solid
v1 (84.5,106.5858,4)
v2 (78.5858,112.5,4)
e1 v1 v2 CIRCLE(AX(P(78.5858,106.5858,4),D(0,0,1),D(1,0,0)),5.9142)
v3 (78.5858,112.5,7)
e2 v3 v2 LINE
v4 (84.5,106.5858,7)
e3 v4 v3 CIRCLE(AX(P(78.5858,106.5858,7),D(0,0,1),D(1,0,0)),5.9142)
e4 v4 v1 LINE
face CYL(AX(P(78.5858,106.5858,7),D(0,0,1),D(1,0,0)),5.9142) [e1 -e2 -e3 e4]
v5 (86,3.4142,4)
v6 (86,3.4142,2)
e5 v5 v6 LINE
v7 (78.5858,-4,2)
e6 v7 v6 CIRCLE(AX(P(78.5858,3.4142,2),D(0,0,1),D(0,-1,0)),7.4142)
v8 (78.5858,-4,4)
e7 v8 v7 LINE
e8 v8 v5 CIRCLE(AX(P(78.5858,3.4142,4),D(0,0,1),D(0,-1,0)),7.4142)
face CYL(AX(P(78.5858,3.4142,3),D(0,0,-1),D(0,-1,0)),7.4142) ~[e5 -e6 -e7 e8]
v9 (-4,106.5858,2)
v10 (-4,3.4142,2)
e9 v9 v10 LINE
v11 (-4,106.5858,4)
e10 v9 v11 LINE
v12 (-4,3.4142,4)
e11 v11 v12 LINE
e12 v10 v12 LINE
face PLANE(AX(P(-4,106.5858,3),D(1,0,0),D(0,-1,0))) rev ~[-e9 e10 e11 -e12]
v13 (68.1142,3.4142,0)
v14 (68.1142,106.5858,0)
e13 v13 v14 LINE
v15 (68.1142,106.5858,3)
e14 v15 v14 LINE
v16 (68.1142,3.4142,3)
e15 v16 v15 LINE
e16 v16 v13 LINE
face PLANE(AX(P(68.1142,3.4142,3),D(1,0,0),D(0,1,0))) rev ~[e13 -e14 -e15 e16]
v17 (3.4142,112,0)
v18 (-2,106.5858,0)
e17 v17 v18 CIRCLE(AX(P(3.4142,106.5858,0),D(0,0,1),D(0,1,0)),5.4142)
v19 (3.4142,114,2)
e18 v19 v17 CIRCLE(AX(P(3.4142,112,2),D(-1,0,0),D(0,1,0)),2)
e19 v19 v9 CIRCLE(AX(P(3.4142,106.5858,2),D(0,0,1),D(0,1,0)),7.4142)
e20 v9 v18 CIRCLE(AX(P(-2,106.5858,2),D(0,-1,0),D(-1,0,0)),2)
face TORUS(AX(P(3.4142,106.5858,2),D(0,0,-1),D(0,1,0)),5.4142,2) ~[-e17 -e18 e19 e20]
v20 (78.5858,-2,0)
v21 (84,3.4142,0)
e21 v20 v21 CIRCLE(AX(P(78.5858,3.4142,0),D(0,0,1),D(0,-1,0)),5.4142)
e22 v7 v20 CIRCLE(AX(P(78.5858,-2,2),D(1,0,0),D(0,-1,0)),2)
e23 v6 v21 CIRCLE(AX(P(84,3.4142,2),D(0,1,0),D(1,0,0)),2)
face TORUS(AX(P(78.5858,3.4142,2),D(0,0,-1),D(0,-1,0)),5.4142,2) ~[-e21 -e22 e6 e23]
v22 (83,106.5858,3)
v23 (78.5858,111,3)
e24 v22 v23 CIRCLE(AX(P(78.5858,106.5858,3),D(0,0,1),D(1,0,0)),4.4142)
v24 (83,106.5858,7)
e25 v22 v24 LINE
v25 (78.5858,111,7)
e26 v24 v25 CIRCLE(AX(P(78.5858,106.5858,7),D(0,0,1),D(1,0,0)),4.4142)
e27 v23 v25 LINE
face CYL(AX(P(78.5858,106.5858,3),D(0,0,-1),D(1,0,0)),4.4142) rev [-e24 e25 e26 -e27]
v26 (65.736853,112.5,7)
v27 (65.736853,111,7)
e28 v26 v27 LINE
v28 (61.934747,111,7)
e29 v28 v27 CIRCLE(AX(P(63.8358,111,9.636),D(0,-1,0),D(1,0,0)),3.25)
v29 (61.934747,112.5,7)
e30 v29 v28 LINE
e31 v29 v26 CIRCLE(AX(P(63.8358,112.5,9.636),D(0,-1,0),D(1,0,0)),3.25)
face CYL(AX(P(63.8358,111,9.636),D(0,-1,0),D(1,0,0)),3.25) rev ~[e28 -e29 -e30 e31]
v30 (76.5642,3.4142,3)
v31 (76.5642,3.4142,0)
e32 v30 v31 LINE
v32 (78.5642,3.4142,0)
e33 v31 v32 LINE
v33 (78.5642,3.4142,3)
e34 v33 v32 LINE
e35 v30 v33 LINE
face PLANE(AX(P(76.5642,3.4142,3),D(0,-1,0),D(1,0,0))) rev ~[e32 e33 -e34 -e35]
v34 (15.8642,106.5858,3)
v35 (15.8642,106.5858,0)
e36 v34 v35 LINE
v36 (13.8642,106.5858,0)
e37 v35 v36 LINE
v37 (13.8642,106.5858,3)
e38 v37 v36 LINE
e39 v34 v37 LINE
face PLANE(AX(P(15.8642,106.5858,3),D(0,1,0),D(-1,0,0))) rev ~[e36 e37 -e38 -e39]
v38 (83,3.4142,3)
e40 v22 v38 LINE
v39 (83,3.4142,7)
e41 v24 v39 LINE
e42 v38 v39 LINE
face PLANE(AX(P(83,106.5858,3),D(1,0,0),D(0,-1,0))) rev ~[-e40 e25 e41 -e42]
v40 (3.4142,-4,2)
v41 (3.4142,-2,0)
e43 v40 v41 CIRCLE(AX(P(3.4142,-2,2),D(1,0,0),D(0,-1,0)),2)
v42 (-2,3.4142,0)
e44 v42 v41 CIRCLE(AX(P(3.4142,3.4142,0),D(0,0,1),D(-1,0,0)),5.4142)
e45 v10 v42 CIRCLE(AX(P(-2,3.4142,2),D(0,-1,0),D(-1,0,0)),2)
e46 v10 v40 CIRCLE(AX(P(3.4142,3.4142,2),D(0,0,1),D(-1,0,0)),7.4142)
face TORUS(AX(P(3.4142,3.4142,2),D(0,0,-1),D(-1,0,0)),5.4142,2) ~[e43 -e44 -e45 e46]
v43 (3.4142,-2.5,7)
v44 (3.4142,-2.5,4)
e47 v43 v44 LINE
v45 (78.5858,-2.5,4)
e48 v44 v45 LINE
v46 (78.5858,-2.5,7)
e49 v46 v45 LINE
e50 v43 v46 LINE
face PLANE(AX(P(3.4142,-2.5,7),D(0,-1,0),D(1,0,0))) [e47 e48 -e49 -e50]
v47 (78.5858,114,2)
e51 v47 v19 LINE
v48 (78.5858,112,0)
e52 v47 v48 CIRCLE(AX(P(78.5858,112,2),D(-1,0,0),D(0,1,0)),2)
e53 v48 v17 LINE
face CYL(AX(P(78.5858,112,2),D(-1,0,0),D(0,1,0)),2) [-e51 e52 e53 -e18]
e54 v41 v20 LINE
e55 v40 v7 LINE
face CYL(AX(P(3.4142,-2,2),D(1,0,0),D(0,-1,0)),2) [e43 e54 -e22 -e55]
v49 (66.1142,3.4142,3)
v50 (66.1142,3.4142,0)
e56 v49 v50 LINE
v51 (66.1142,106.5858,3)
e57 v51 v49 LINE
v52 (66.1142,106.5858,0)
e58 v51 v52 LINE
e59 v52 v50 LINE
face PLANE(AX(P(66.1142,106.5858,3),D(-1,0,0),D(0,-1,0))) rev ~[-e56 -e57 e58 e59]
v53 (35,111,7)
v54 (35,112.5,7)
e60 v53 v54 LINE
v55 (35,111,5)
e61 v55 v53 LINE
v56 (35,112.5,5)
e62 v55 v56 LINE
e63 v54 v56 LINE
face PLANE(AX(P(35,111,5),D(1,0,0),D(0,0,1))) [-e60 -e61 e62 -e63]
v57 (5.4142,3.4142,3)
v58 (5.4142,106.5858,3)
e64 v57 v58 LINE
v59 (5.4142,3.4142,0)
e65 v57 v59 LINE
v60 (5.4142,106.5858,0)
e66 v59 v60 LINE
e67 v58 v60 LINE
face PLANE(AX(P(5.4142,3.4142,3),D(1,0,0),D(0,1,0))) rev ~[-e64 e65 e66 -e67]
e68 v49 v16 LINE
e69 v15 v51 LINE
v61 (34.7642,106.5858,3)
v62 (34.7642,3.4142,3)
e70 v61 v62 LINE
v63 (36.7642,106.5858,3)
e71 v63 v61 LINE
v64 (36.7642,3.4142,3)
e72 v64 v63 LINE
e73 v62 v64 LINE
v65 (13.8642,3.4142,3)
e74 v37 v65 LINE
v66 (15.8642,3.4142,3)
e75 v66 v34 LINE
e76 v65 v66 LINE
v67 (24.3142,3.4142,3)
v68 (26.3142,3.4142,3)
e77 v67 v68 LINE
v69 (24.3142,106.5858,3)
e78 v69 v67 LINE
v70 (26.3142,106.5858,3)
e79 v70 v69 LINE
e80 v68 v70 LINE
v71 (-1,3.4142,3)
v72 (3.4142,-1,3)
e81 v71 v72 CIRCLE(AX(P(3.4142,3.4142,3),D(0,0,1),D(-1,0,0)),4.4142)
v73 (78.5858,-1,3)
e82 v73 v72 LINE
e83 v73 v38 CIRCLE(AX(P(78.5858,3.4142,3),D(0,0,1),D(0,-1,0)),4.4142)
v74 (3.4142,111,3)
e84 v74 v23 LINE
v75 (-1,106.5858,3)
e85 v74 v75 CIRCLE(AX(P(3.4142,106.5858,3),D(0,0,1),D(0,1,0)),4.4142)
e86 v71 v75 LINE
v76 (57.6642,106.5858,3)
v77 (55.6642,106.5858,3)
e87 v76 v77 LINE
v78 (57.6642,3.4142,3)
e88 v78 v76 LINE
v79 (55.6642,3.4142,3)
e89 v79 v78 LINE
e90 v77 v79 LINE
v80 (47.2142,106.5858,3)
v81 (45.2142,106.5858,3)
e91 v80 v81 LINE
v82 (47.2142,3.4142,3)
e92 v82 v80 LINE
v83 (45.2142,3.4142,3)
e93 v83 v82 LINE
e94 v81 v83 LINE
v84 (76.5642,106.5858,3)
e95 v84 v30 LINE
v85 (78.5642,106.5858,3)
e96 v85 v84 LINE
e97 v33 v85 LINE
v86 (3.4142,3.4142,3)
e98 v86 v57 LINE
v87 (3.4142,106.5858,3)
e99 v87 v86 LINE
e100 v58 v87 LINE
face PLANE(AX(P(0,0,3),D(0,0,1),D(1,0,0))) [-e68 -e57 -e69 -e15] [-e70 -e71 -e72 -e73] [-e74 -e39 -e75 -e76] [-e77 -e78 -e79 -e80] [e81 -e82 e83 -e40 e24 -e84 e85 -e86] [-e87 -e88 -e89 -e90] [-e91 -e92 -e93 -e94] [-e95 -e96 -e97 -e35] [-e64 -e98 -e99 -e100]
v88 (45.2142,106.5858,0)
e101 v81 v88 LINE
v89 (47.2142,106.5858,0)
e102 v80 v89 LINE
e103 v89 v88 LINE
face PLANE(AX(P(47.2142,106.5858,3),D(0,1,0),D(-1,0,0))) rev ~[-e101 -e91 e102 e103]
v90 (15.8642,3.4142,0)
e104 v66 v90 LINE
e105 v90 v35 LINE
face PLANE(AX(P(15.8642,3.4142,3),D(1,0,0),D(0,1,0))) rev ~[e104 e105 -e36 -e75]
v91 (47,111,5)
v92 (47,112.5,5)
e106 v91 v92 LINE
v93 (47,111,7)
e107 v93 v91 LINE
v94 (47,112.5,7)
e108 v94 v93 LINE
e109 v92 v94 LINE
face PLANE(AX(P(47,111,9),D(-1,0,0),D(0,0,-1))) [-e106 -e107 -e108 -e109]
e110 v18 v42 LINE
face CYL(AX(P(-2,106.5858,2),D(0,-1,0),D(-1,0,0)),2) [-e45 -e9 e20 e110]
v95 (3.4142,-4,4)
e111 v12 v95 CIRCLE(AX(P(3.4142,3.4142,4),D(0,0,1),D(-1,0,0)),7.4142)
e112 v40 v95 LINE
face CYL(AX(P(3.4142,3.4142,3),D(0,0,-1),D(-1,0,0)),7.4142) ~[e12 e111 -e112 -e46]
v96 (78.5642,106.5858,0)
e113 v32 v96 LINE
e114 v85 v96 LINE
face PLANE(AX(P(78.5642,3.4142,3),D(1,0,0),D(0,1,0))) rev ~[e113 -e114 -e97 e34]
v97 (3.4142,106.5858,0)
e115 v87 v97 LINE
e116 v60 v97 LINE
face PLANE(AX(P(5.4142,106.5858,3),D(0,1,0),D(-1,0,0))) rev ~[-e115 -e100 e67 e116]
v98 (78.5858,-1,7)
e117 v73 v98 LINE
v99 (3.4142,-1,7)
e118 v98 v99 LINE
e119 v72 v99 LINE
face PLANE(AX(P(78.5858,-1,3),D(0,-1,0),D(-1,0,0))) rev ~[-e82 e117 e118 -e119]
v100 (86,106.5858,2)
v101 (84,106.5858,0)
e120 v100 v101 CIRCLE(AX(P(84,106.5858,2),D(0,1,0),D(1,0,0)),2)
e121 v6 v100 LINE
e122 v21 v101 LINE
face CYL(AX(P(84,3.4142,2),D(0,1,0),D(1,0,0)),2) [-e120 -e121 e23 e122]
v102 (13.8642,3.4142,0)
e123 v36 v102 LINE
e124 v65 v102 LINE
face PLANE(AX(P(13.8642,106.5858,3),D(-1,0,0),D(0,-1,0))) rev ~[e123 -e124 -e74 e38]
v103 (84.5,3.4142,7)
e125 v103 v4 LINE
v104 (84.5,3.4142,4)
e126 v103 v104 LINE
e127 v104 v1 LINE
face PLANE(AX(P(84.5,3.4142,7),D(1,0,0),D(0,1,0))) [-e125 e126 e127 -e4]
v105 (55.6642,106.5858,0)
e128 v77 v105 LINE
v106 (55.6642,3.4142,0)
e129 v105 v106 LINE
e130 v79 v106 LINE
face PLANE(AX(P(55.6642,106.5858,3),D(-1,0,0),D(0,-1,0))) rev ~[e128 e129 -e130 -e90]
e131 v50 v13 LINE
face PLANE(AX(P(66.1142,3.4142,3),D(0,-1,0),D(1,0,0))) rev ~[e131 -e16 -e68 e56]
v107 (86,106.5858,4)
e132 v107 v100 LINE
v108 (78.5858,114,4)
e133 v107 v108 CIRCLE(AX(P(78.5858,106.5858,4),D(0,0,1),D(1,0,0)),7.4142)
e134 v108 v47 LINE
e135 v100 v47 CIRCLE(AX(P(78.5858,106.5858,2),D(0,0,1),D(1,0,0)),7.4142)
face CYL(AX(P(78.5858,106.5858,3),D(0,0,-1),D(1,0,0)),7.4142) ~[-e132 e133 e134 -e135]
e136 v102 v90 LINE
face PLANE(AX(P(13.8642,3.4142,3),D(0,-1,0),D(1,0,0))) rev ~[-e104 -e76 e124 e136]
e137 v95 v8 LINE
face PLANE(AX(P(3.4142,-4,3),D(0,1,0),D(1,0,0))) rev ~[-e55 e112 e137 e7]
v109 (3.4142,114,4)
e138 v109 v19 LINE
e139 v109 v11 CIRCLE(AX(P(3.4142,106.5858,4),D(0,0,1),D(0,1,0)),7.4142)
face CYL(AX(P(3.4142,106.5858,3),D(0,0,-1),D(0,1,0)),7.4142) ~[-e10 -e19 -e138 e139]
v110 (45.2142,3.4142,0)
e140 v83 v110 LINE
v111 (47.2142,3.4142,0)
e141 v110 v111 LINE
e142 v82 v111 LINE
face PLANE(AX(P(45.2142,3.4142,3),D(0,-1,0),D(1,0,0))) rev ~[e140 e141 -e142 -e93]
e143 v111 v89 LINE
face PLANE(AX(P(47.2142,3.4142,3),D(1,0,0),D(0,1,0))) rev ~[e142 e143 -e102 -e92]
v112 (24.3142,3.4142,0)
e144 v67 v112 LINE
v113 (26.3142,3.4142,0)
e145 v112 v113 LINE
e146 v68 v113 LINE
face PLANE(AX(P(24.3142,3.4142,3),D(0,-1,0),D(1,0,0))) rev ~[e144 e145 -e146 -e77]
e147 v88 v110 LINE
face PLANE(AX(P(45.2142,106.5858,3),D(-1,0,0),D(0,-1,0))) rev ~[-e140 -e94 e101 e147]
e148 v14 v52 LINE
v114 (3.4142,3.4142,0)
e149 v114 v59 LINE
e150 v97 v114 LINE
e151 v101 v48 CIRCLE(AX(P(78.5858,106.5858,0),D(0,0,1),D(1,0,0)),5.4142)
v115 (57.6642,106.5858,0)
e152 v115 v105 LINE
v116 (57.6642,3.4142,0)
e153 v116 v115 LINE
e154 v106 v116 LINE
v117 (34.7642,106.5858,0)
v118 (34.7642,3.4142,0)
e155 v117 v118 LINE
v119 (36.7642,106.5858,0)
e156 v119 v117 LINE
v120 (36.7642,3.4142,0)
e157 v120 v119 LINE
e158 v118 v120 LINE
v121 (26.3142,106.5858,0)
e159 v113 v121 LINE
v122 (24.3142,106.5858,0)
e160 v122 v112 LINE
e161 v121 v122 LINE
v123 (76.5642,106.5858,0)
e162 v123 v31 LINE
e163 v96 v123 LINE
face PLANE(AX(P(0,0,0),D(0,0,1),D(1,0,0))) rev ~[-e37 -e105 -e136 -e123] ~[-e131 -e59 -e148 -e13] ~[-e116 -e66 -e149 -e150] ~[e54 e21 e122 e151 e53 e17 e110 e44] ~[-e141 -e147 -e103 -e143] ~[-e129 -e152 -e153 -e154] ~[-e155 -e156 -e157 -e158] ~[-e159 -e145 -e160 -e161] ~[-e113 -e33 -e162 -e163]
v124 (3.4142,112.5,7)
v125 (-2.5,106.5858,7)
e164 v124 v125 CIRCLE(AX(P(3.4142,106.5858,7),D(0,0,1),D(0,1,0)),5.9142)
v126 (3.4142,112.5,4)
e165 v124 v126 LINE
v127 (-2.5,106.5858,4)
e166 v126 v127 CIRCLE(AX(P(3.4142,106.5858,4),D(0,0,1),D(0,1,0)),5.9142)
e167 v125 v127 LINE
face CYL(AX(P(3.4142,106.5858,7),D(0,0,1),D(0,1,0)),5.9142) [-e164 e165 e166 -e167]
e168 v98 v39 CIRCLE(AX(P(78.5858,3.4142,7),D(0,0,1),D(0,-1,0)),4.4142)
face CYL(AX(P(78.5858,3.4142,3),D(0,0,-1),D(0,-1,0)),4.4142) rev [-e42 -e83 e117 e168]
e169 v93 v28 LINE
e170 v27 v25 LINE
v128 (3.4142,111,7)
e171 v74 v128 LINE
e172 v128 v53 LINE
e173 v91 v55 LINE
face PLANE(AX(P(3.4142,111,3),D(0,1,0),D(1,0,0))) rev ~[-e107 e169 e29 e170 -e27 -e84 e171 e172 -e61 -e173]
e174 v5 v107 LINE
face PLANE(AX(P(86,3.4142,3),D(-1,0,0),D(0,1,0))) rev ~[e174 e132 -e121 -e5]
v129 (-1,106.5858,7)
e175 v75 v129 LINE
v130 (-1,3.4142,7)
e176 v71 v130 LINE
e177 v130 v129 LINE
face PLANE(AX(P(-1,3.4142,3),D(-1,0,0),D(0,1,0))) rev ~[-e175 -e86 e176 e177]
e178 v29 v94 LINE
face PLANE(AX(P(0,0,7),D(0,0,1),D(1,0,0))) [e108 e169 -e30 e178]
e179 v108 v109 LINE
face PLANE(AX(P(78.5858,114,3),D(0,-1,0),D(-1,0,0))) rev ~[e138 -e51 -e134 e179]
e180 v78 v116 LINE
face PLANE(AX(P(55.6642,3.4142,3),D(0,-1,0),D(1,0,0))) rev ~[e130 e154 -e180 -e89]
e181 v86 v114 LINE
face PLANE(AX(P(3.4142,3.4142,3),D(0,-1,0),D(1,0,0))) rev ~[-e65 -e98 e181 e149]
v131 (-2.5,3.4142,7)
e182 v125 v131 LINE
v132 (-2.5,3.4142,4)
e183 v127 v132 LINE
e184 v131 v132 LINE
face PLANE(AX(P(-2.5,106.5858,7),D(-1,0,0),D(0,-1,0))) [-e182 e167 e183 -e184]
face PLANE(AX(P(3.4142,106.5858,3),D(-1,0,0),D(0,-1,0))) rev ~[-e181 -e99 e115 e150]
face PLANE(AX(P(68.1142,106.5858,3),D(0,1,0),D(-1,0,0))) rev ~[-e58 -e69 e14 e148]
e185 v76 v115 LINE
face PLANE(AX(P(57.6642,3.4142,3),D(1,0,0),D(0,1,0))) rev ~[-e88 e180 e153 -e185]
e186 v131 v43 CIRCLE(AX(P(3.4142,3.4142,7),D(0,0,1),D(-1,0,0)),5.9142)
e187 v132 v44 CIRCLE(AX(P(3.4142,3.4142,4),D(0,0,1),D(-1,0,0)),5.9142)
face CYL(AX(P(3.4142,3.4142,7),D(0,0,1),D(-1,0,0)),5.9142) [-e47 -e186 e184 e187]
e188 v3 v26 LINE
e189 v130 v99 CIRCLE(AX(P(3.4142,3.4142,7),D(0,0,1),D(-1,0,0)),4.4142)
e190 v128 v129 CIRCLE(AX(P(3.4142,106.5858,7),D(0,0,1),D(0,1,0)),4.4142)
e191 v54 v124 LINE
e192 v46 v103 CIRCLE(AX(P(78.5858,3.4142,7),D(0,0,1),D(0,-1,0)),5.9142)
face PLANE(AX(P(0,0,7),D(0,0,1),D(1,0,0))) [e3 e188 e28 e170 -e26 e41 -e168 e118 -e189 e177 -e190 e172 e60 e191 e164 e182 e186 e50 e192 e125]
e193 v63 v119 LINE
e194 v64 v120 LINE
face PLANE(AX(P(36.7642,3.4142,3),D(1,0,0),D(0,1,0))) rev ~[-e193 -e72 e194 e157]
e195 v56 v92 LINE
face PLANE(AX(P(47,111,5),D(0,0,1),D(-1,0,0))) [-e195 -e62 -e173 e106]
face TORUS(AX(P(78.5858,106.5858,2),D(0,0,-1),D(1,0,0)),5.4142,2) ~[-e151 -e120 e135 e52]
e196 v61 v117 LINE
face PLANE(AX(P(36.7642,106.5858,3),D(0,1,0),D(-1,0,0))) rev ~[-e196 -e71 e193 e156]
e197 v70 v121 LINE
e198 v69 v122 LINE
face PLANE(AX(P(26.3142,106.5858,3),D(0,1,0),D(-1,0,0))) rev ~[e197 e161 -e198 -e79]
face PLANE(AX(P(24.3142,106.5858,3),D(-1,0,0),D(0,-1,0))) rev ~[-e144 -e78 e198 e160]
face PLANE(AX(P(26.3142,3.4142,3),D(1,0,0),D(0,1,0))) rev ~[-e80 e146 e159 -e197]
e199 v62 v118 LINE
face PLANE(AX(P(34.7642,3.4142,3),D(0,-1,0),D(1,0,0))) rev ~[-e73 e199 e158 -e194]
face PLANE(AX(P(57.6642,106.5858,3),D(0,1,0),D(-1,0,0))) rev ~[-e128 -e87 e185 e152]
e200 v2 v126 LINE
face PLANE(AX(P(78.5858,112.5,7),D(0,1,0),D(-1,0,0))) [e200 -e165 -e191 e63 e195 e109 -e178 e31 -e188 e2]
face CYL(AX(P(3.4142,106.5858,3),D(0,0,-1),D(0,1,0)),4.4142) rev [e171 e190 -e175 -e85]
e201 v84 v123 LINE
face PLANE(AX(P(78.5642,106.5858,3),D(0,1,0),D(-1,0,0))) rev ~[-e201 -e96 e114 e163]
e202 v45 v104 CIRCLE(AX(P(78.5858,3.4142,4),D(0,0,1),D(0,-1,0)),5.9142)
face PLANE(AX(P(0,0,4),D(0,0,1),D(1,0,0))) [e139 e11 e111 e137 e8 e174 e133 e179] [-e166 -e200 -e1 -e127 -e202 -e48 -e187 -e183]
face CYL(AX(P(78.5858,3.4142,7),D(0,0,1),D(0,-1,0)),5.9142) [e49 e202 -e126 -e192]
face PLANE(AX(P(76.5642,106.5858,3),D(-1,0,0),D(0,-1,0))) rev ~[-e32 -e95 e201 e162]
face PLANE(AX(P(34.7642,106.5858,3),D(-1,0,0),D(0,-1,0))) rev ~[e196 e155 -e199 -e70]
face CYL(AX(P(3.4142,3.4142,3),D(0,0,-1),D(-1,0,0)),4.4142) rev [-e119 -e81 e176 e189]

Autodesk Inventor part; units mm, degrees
ref_plane "YZ Plane" through (0, 0, 0) normal (1, 0, 0) x (0, 1, 0)
ref_plane "XZ Plane" through (0, 0, 0) normal (0, 1, 0) x (-1, 0, 0)
ref_plane "XY Plane" through (0, 0, 0) normal (0, 0, 1) x (1, 0, 0)
sketch "Sketch6" plane through (0, 0, 0) normal (0, 0, 1) x (1, 0, 0)
  arc A0 (83, 106.5858) -> (78.5858, 111) centre (78.5858, 106.5858) ccw
  line L0 (83, 106.5858) -> (83, 3.4142)
  arc A1 (78.5858, -1) -> (83, 3.4142) centre (78.5858, 3.4142) ccw
  line L1 (78.5858, -1) -> (3.4142, -1)
  arc A2 (-1, 3.4142) -> (3.4142, -1) centre (3.4142, 3.4142) ccw
  line L2 (-1, 3.4142) -> (-1, 106.5858)
  arc A3 (3.4142, 111) -> (-1, 106.5858) centre (3.4142, 106.5858) ccw
  line L3 (3.4142, 111) -> (78.5858, 111)
  arc A4 (86, 106.5858) -> (78.5858, 114) centre (78.5858, 106.5858) ccw
  line L4 (86, 106.5858) -> (86, 3.4142)
  arc A5 (78.5858, -4) -> (86, 3.4142) centre (78.5858, 3.4142) ccw
  line L5 (78.5858, -4) -> (3.4142, -4)
  arc A6 (-4, 3.4142) -> (3.4142, -4) centre (3.4142, 3.4142) ccw
  line L6 (-4, 3.4142) -> (-4, 106.5858)
  arc A7 (3.4142, 114) -> (-4, 106.5858) centre (3.4142, 106.5858) ccw
  line L7 (3.4142, 114) -> (78.5858, 114)
extrude "Extrusion4" add sketch "Sketch6" along normal blind 3 contours L0 A1 L1 A2 L2 A3 L3 A0 | L4 A5 L5 A6 L6 A7 L7 A4
sketch "Sketch7" plane through (0, 0, 3) normal (0, 0, 1) x (1, 0, 0)
  line L0 (83, 106.5858) -> (83, 3.4142)
  line L1 (-1, 3.4142) -> (-1, 106.5858)
  arc A0 (78.5858, -1) -> (83, 3.4142) centre (78.5858, 3.4142) ccw
  arc A1 (-1, 3.4142) -> (3.4142, -1) centre (3.4142, 3.4142) ccw
  line L2 (78.5858, -1) -> (3.4142, -1)
  line L3 (3.4142, 111) -> (78.5858, 111)
  arc A2 (3.4142, 111) -> (-1, 106.5858) centre (3.4142, 106.5858) ccw
  arc A3 (83, 106.5858) -> (78.5858, 111) centre (78.5858, 106.5858) ccw
  line L4 (-4, 106.5858) -> (-4, 3.4142)
  arc A4 (-4, 3.4142) -> (3.4142, -4) centre (3.4142, 3.4142) ccw
  line L5 (3.4142, -4) -> (78.5858, -4)
  arc A5 (78.5858, -4) -> (86, 3.4142) centre (78.5858, 3.4142) ccw
  line L6 (86, 3.4142) -> (86, 106.5858)
  arc A6 (86, 106.5858) -> (78.5858, 114) centre (78.5858, 106.5858) ccw
  line L7 (78.5858, 114) -> (3.4142, 114)
  arc A7 (3.4142, 114) -> (-4, 106.5858) centre (3.4142, 106.5858) ccw
  point P0 (0, 0)
  dimension "d17" = 3
extrude "Extrusion5" add sketch "Sketch7" along normal blind 4
sketch "Sketch8" plane through (0, 0, 7) normal (0, 0, 1) x (1, 0, 0)
  arc A0 (3.4142, 111) -> (-1, 106.5858) centre (3.4142, 106.5858) ccw
  line L0 (3.4142, 111) -> (78.5858, 111)
  arc A1 (83, 106.5858) -> (78.5858, 111) centre (78.5858, 106.5858) ccw
  line L1 (-1, 3.4142) -> (-1, 106.5858)
  line L2 (83, 106.5858) -> (83, 3.4142)
  arc A2 (-1, 3.4142) -> (3.4142, -1) centre (3.4142, 3.4142) ccw
  line L3 (78.5858, -1) -> (3.4142, -1)
  arc A3 (78.5858, -1) -> (83, 3.4142) centre (78.5858, 3.4142) ccw
  line L4 (-4, 106.5858) -> (-4, 3.4142)
  arc A4 (-4, 3.4142) -> (3.4142, -4) centre (3.4142, 3.4142) ccw
  line L5 (3.4142, -4) -> (78.5858, -4)
  arc A5 (78.5858, -4) -> (86, 3.4142) centre (78.5858, 3.4142) ccw
  line L6 (86, 3.4142) -> (86, 106.5858)
  arc A6 (86, 106.5858) -> (78.5858, 114) centre (78.5858, 106.5858) ccw
  line L7 (78.5858, 114) -> (3.4142, 114)
  arc A7 (3.4142, 114) -> (-4, 106.5858) centre (3.4142, 106.5858) ccw
  line L8 (-2.5, 106.5858) -> (-2.5, 3.4142)
  arc A8 (-2.5, 3.4142) -> (3.4142, -2.5) centre (3.4142, 3.4142) ccw
  line L9 (3.4142, -2.5) -> (78.5858, -2.5)
  arc A9 (78.5858, -2.5) -> (84.5, 3.4142) centre (78.5858, 3.4142) ccw
  line L10 (84.5, 3.4142) -> (84.5, 106.5858)
  arc A10 (84.5, 106.5858) -> (78.5858, 112.5) centre (78.5858, 106.5858) ccw
  line L11 (78.5858, 112.5) -> (3.4142, 112.5)
  arc A11 (3.4142, 112.5) -> (-2.5, 106.5858) centre (3.4142, 106.5858) ccw
  point P0 (0, 0)
  point P1 (0, 0)
  dimension "d20" = 3
  dimension "d21" = 1.5
extrude "Extrusion6" cut sketch "Sketch8" against normal blind 3 contours A7 L7 A6 L6 A5 L5 A4 L4
fillet "Fillet2" radius 2 8 edges at (-1.8284, 111.8284, 0) (-4, 55, 0) (-1.8284, -1.8284, 0) (41, -4, 0) (83.8284, -1.8284, 0) (86, 55, 0) (83.8284, 111.8284, 0) (41, 114, 0)
sketch "Sketch9" plane through (3.4142, 111, 3) normal (0, -1, 0) x (1, 0, 0)
  circle A0 centre (60.4216, 6.636) radius 3.25
  line L0 (31.5858, 6) -> (43.5858, 6)
  line L1 (43.5858, 6) -> (43.5858, 2)
  line L2 (43.5858, 2) -> (31.5858, 2)
  line L3 (31.5858, 2) -> (31.5858, 6)
  line L4 (31.5858, 6) -> (43.5858, 2) construction
  line L5 (43.5858, 6) -> (31.5858, 2) construction
  point P0 (37.5858, 4)
  dimension "d55" = 12
  dimension "d56" = 4
extrude "Extrusion7" cut sketch "Sketch9" against normal blind 3
sketch "Sketch11" plane through (0, 0, 3) normal (0, 0, 1) x (1, 0, 0)
  line L0 (3.4142, 3.4142) -> (5.4142, 3.4142)
  line L1 (5.4142, 3.4142) -> (5.4142, 106.5858)
  line L2 (5.4142, 106.5858) -> (3.4142, 106.5858)
  line L3 (3.4142, 106.5858) -> (3.4142, 3.4142)
  line L4 (13.8642, 3.4142) -> (15.8642, 3.4142)
  line L5 (15.8642, 3.4142) -> (15.8642, 106.5858)
  line L6 (15.8642, 106.5858) -> (13.8642, 106.5858)
  line L7 (13.8642, 106.5858) -> (13.8642, 3.4142)
  line L8 (24.3142, 3.4142) -> (26.3142, 3.4142)
  line L9 (26.3142, 3.4142) -> (26.3142, 106.5858)
  line L10 (26.3142, 106.5858) -> (24.3142, 106.5858)
  line L11 (24.3142, 106.5858) -> (24.3142, 3.4142)
  line L12 (34.7642, 3.4142) -> (36.7642, 3.4142)
  line L13 (36.7642, 3.4142) -> (36.7642, 106.5858)
  line L14 (36.7642, 106.5858) -> (34.7642, 106.5858)
  line L15 (34.7642, 106.5858) -> (34.7642, 3.4142)
  line L16 (45.2142, 3.4142) -> (47.2142, 3.4142)
  line L17 (47.2142, 3.4142) -> (47.2142, 106.5858)
  line L18 (47.2142, 106.5858) -> (45.2142, 106.5858)
  line L19 (45.2142, 106.5858) -> (45.2142, 3.4142)
  line L20 (55.6642, 3.4142) -> (57.6642, 3.4142)
  line L21 (57.6642, 3.4142) -> (57.6642, 106.5858)
  line L22 (57.6642, 106.5858) -> (55.6642, 106.5858)
  line L23 (55.6642, 106.5858) -> (55.6642, 3.4142)
  line L24 (66.1142, 3.4142) -> (68.1142, 3.4142)
  line L25 (68.1142, 3.4142) -> (68.1142, 106.5858)
  line L26 (68.1142, 106.5858) -> (66.1142, 106.5858)
  line L27 (66.1142, 106.5858) -> (66.1142, 3.4142)
  line L28 (76.5642, 3.4142) -> (78.5642, 3.4142)
  line L29 (78.5642, 3.4142) -> (78.5642, 106.5858)
  line L30 (78.5642, 106.5858) -> (76.5642, 106.5858)
  line L31 (76.5642, 106.5858) -> (76.5642, 3.4142)
  dimension "d57" = 2
  dimension "d60" = 10.45
extrude "Extrusion9" cut sketch "Sketch11" against normal blind 3
properties part number "CaseGroboyBack"
